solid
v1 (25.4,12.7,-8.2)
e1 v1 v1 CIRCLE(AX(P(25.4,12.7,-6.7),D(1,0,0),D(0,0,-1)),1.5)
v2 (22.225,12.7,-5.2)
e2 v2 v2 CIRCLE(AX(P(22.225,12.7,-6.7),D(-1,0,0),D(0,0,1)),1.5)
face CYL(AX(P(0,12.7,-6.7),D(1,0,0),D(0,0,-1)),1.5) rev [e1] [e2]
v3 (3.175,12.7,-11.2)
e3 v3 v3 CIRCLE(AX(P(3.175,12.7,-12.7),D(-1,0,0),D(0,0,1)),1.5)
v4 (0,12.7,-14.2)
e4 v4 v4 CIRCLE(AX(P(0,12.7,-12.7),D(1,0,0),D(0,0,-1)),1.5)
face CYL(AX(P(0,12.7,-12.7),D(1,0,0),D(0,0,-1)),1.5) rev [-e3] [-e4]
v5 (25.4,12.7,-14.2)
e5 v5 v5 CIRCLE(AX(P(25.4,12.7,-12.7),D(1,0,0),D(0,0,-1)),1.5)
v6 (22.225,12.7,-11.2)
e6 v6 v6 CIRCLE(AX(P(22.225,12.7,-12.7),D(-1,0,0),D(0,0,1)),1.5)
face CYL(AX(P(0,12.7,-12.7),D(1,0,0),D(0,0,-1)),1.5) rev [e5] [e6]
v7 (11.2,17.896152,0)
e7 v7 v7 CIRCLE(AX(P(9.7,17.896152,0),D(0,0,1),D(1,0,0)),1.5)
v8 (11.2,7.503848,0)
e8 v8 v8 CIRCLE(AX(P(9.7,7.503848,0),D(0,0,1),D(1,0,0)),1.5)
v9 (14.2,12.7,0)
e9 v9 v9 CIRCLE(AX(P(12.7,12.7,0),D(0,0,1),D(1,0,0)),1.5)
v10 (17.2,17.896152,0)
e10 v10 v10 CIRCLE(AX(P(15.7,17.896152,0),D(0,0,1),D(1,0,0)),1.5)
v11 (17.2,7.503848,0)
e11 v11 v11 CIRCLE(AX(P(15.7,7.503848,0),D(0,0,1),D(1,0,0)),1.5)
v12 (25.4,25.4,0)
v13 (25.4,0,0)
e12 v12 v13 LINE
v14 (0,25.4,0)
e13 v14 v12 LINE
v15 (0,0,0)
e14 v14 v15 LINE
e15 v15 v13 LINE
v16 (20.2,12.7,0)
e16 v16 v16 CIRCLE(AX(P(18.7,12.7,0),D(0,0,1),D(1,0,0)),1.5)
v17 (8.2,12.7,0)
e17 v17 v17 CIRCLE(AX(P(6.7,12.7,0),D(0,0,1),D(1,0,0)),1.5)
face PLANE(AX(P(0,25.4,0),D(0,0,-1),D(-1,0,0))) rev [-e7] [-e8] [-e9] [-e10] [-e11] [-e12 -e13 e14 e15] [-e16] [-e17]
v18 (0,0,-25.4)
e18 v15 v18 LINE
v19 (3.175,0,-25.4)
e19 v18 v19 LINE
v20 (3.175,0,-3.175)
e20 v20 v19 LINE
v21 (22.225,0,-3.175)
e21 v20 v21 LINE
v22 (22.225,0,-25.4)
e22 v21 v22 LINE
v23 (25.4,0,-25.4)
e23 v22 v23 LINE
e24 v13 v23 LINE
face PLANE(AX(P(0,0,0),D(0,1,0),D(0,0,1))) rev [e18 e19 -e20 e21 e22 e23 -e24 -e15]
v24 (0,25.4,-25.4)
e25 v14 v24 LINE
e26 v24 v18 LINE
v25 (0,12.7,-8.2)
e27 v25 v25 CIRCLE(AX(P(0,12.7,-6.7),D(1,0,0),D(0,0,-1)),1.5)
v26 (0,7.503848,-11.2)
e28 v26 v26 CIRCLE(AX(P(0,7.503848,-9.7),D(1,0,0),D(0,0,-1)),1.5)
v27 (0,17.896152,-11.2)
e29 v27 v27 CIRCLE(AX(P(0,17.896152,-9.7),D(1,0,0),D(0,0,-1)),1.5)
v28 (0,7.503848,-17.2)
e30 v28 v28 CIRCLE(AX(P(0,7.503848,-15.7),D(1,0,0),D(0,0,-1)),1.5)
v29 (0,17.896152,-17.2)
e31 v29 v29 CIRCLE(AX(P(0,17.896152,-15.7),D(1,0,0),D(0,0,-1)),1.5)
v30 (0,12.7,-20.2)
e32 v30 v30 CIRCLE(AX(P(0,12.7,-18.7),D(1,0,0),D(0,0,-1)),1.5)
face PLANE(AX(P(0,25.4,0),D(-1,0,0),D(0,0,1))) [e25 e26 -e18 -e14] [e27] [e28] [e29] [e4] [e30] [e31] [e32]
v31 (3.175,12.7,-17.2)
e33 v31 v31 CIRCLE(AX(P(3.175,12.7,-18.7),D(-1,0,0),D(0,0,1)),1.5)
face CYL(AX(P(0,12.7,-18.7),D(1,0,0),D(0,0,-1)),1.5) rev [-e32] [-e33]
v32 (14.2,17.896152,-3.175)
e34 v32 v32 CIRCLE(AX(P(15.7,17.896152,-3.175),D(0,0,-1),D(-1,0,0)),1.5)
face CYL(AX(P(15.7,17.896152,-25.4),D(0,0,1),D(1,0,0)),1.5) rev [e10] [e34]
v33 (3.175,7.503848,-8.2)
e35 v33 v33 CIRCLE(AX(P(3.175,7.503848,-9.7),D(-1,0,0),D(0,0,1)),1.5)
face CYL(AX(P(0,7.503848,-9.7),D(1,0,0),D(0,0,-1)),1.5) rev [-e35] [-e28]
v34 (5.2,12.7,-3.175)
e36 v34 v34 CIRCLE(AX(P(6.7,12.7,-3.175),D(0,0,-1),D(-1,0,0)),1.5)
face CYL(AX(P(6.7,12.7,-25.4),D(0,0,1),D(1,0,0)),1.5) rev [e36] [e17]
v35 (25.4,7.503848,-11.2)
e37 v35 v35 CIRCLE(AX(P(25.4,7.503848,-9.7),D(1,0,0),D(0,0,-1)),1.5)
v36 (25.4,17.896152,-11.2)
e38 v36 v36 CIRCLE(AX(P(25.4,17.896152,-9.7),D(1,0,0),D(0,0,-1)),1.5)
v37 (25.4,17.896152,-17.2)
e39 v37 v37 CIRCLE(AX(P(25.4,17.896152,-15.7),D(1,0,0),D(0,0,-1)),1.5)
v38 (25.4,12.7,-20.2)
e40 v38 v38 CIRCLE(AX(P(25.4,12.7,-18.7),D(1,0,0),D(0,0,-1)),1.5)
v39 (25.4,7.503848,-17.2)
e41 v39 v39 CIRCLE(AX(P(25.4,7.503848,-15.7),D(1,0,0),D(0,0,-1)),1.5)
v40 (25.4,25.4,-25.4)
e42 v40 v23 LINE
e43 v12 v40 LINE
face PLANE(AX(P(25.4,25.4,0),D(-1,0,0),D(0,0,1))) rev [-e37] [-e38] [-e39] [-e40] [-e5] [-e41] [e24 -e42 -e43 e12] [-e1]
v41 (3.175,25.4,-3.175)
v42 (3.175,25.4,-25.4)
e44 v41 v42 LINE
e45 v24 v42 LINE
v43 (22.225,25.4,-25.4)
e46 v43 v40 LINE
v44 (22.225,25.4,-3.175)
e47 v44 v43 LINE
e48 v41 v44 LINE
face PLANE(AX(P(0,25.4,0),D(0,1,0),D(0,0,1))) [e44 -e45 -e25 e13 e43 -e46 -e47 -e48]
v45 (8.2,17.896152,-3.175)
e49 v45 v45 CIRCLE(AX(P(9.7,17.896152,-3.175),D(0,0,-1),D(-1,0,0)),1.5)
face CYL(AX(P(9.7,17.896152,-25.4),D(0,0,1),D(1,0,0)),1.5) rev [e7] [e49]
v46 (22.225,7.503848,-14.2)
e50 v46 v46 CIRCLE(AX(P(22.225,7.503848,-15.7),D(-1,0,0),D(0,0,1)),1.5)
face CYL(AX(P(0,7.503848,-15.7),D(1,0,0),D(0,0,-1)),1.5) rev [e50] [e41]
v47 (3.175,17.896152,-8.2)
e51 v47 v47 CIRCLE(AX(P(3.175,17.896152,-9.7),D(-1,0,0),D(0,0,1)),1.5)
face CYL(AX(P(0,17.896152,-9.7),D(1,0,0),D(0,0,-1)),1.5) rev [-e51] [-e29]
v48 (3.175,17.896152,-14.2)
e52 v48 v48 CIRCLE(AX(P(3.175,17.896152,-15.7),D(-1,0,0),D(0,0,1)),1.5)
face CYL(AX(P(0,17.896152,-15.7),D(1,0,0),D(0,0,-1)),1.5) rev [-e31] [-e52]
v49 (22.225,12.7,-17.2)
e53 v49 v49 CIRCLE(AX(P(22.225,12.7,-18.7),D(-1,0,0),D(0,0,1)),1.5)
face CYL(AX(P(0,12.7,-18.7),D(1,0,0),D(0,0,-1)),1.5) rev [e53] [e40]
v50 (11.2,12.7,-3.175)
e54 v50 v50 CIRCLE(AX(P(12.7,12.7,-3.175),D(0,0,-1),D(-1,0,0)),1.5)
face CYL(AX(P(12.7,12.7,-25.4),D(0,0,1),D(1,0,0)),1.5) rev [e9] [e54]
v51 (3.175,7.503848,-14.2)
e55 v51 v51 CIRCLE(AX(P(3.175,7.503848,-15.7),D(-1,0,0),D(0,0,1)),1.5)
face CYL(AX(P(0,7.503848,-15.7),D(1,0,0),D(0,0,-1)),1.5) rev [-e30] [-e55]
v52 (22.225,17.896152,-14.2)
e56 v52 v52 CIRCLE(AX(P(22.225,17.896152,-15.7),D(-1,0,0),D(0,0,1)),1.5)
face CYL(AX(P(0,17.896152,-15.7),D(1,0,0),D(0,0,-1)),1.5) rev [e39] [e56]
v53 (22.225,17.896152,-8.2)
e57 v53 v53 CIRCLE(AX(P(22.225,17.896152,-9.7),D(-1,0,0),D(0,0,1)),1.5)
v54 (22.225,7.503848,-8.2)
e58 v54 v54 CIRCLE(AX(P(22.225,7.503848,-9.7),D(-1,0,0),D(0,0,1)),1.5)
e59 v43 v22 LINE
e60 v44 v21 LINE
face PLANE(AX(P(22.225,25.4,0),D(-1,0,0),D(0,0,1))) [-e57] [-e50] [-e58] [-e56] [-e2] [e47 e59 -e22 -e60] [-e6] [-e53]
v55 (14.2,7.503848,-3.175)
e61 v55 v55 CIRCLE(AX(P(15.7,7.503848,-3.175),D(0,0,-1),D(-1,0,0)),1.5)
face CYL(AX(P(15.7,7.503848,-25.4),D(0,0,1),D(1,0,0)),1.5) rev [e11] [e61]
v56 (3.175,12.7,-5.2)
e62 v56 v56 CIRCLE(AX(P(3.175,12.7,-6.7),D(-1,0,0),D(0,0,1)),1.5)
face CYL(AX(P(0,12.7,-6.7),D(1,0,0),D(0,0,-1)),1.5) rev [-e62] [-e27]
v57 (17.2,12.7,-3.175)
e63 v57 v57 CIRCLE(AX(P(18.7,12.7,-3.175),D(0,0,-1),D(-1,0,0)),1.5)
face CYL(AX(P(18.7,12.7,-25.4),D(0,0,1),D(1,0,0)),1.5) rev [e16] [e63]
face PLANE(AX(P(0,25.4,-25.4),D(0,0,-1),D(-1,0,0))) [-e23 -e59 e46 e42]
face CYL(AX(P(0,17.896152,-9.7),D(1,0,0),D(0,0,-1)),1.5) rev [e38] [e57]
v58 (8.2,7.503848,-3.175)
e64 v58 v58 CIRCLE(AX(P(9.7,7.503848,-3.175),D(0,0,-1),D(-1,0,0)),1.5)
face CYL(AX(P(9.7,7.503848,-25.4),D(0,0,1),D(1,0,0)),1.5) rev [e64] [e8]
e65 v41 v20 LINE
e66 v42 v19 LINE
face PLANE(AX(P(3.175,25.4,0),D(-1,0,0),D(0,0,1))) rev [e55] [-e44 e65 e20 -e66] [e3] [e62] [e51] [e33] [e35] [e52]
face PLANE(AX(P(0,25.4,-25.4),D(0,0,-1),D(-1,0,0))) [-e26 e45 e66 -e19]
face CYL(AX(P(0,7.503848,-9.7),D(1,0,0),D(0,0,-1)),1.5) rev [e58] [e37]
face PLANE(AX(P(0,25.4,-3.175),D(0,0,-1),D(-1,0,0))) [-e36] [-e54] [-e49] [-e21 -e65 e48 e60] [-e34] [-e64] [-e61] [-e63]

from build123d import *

# Parameters (mm, degrees)
BOSS_EXTRUDE1_DEPTH = 25.4
SKETCH3_R           = 1.5
CUT_EXTRUDE1_DEPTH  = 44.994090512
SKETCH4_R           = 1.5
CUT_EXTRUDE2_DEPTH  = 44.994090512


with BuildPart() as part:
    # Sketch2 → Boss-Extrude1 (new body)
    with BuildSketch(Plane(origin=(0, 0, 0), x_dir=(1, 0, 0), z_dir=(0, 1, 0))):
        Polygon((22.225, 3.175), (12.7, 3.175), (3.175, 3.175), (3.175, 25.4), (0, 25.4), (0, 0), (25.4, 0), (25.4, 25.4), (22.225, 25.4), align=None)
    extrude(amount=BOSS_EXTRUDE1_DEPTH)

    # Sketch3 → Cut-Extrude1 (cut, through all)
    with BuildSketch(Plane.XY):
        with Locations((12.7, 12.7)):
            Circle(SKETCH3_R)
        with Locations((6.7, 12.7)):
            Circle(SKETCH3_R)
        with Locations((9.7, 17.896152423)):
            Circle(SKETCH3_R)
        with Locations((15.7, 17.896152423)):
            Circle(SKETCH3_R)
        with Locations((18.7, 12.7)):
            Circle(SKETCH3_R)
        with Locations((15.7, 7.503847577)):
            Circle(SKETCH3_R)
        with Locations((9.7, 7.503847577)):
            Circle(SKETCH3_R)
    extrude(amount=-CUT_EXTRUDE1_DEPTH, mode=Mode.SUBTRACT)

    # Sketch4 → Cut-Extrude2 (cut, through all)
    with BuildSketch(Plane(origin=(25.4, 0, 0), x_dir=(0, 0, -1), z_dir=(1, 0, 0))):
        with Locations((12.7, 12.7)):
            Circle(SKETCH4_R)
        with Locations((6.7, 12.7)):
            Circle(SKETCH4_R)
        with Locations((9.7, 17.896152423)):
            Circle(SKETCH4_R)
        with Locations((15.7, 17.896152423)):
            Circle(SKETCH4_R)
        with Locations((18.7, 12.7)):
            Circle(SKETCH4_R)
        with Locations((15.7, 7.503847577)):
            Circle(SKETCH4_R)
        with Locations((9.7, 7.503847577)):
            Circle(SKETCH4_R)
    extrude(amount=-CUT_EXTRUDE2_DEPTH, mode=Mode.SUBTRACT)


solid = part.part
